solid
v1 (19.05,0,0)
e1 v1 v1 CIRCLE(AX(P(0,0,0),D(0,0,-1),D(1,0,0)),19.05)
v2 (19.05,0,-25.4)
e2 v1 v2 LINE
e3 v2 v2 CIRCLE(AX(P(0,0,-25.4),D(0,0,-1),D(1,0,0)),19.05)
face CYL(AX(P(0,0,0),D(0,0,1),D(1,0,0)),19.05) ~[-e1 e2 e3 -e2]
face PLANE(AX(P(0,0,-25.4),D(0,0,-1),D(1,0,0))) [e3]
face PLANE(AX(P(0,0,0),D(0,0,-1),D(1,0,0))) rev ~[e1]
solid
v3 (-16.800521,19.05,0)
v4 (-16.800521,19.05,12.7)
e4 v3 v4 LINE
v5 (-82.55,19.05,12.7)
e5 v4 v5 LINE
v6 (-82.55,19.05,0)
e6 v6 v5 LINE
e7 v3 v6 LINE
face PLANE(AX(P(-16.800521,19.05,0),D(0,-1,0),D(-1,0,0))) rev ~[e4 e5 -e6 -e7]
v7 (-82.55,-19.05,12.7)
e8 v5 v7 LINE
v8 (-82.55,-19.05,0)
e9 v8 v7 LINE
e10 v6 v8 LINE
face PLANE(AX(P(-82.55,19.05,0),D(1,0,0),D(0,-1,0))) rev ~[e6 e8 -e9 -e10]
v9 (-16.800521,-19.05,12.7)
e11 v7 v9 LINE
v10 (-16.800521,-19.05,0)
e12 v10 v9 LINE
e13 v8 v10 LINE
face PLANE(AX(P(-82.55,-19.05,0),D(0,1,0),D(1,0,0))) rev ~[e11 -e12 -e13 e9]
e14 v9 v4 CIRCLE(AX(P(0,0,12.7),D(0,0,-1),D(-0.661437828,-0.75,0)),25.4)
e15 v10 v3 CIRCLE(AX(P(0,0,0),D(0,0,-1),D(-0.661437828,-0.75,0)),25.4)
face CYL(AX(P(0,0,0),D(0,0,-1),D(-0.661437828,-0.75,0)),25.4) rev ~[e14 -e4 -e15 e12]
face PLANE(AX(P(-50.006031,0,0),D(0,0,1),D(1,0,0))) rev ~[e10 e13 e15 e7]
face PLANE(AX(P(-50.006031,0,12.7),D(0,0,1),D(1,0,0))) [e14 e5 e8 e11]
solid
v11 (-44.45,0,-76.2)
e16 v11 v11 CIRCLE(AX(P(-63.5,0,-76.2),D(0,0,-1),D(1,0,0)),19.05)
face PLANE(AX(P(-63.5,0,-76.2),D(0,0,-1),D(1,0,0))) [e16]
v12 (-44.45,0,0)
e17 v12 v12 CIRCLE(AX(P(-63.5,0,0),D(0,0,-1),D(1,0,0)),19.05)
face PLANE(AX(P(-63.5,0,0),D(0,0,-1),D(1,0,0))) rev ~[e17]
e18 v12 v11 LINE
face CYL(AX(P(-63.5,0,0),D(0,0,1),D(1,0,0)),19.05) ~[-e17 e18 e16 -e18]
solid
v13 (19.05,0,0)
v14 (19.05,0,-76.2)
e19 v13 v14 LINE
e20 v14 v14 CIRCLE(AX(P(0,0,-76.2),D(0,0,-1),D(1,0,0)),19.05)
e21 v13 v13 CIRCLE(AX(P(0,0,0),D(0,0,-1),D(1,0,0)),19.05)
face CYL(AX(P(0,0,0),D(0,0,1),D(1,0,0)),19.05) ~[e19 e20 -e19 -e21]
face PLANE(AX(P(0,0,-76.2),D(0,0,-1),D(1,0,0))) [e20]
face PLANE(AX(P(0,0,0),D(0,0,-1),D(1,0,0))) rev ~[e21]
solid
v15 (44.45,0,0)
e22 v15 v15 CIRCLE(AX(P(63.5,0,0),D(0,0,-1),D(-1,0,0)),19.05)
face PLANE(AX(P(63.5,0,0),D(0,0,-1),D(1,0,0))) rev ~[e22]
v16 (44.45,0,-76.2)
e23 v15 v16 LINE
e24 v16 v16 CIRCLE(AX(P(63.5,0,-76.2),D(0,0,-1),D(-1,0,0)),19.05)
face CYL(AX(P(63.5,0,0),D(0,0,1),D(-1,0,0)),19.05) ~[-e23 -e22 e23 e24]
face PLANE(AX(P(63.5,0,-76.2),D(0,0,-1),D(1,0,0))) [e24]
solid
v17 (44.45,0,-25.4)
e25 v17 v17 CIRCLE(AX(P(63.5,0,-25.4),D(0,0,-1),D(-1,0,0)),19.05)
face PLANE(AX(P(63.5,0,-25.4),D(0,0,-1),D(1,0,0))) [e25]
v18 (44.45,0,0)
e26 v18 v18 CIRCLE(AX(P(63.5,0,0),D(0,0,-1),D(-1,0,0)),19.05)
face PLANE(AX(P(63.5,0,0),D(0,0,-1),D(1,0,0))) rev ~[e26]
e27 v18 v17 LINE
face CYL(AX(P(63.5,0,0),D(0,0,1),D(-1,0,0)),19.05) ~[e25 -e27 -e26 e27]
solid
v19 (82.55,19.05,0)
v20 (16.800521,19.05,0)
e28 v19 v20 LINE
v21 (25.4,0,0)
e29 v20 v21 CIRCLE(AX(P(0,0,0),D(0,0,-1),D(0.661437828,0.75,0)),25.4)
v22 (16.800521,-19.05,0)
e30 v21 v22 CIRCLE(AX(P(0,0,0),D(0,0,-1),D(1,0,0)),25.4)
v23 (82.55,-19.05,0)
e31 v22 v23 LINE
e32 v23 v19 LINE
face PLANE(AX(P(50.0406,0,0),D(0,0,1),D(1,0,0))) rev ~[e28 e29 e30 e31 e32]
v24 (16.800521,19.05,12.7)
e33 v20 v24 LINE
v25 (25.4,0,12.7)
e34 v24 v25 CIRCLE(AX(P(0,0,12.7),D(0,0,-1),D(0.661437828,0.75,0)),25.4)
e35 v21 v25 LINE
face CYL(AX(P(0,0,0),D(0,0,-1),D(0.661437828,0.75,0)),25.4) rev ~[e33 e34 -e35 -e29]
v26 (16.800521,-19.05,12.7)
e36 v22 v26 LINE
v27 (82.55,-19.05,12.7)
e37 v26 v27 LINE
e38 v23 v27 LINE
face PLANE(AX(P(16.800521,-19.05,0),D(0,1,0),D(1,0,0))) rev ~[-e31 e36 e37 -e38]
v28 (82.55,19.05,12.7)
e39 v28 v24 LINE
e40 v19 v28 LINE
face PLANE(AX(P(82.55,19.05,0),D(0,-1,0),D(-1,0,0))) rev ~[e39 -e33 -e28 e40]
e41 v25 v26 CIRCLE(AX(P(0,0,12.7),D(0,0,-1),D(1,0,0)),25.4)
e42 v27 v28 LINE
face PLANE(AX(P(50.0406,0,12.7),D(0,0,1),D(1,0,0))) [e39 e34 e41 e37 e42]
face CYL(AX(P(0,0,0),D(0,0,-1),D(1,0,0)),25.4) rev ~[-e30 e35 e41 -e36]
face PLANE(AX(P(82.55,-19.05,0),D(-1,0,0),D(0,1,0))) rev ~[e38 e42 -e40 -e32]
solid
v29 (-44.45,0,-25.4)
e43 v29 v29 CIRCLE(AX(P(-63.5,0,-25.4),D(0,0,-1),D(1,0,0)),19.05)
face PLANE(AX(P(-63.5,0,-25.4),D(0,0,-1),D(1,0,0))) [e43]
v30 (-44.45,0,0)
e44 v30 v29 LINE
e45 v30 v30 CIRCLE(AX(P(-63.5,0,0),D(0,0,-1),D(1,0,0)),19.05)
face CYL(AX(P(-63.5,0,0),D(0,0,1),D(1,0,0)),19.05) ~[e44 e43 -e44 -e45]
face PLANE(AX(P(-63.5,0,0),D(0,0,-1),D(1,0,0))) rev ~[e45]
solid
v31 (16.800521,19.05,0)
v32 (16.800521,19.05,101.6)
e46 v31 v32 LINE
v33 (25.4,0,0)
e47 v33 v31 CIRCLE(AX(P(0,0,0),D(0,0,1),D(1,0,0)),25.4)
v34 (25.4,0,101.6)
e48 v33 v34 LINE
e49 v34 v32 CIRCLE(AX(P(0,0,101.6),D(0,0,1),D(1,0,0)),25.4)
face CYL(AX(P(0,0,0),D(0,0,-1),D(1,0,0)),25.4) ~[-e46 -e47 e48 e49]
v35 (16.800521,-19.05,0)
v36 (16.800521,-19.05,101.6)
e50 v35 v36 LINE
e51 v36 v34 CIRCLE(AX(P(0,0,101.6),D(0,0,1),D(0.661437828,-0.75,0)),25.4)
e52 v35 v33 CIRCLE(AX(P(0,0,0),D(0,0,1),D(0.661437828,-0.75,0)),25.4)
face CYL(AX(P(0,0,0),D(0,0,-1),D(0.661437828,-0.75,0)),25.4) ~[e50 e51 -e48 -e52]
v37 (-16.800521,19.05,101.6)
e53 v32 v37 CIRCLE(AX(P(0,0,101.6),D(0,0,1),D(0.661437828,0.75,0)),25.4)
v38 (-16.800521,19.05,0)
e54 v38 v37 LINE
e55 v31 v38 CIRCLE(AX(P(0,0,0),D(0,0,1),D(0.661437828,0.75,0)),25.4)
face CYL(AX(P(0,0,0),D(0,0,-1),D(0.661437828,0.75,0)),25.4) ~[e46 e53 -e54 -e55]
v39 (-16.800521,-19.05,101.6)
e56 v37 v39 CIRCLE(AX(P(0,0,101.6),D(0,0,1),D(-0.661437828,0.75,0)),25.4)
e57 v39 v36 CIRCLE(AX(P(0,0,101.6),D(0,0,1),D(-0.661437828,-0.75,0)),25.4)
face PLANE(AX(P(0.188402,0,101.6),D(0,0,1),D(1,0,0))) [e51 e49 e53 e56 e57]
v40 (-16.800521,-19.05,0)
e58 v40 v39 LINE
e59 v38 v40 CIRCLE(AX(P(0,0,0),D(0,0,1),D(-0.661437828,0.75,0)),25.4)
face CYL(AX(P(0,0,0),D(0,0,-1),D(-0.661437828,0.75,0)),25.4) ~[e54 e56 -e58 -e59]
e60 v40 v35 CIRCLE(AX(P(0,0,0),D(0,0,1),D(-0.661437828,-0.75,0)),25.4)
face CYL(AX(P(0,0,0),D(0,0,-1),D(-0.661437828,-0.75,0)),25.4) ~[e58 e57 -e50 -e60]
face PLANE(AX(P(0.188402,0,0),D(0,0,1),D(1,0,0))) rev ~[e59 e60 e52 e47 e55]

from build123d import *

# Parameters (mm, degrees)
F1_DEPTH = 12.7
F2_DEPTH = 101.6
F4_DEPTH = 25.4
F3_R     = 19.05
F5_DEPTH = 76.2


with BuildPart() as f1:
    # F0 (on Top) → F1 (new body)
    with BuildSketch(Plane.XY):
        with BuildLine():
            ThreePointArc((-16.8005208253, -19.05), (-25.4, 0), (-16.8005208253, 19.05))
            Line((-16.8005208253, 19.05), (-82.55, 19.05))
            Line((-82.55, 19.05), (-82.55, -19.05))
            Line((-82.55, -19.05), (-16.8005208253, -19.05))
        make_face()
    extrude(amount=F1_DEPTH)


with BuildPart() as f1b:
    # F0 (on Top) → F1, piece 2 (new body)
    with BuildSketch(Plane.XY):
        with BuildLine():
            ThreePointArc((16.8005208253, 19.05), (23.1505208253, 10.4505208253), (25.4, 0))
            ThreePointArc((25.4, 0), (23.1505208253, -10.4505208253), (16.8005208253, -19.05))
            Line((16.8005208253, -19.05), (82.55, -19.05))
            Line((82.55, -19.05), (82.55, 19.05))
            Line((82.55, 19.05), (16.8005208253, 19.05))
        make_face()
    extrude(amount=F1_DEPTH)


with BuildPart() as f2:
    # F0 (on Top) → F2 (new body)
    with BuildSketch(Plane.XY):
        with BuildLine():
            ThreePointArc((16.8005208253, -19.05), (23.1505208253, -10.4505208253), (25.4, 0))
            ThreePointArc((25.4, 0), (23.1505208253, 10.4505208253), (16.8005208253, 19.05))
            Line((16.8005208253, 19.05), (-16.8005208253, 19.05))
            ThreePointArc((-16.8005208253, 19.05), (-25.4, 0), (-16.8005208253, -19.05))
            Line((-16.8005208253, -19.05), (16.8005208253, -19.05))
        make_face()
        with BuildLine():
            ThreePointArc((-16.8005208253, -19.05), (0, -25.4), (16.8005208253, -19.05))
            Line((16.8005208253, -19.05), (-16.8005208253, -19.05))
        make_face()
        with BuildLine():
            Line((-16.8005208253, 19.05), (16.8005208253, 19.05))
            ThreePointArc((16.8005208253, 19.05), (0, 25.4), (-16.8005208253, 19.05))
        make_face()
    extrude(amount=F2_DEPTH)


with BuildPart() as f4:
    # F3 (on face) → F4 (new body)
    with BuildSketch(Plane(origin=(0, 0, 0), x_dir=(1, 0, 0), z_dir=(0, 0, -1))):
        with BuildLine():
            ThreePointArc((-19.05, 0), (0, -19.05), (19.05, 0))
            ThreePointArc((19.05, 0), (0, 19.05), (-19.05, 0))
        make_face()
    extrude(amount=F4_DEPTH)


with BuildPart() as f4b:
    # F3 (on face) → F4, piece 2 (new body)
    with BuildSketch(Plane(origin=(0, 0, 0), x_dir=(1, 0, 0), z_dir=(0, 0, -1))):
        with Locations((-63.5, 0)):
            Circle(F3_R)
    extrude(amount=F4_DEPTH)


with BuildPart() as f4c:
    # F3 (on face) → F4, piece 3 (new body)
    with BuildSketch(Plane(origin=(0, 0, 0), x_dir=(1, 0, 0), z_dir=(0, 0, -1))):
        with BuildLine():
            ThreePointArc((82.55, 0), (63.5, 19.05), (44.45, 0))
            ThreePointArc((44.45, 0), (63.5, -19.05), (82.55, 0))
        make_face()
    extrude(amount=F4_DEPTH)


with BuildPart() as f5:
    # F3 (on face) → F5 (new body)
    with BuildSketch(Plane(origin=(0, 0, 0), x_dir=(1, 0, 0), z_dir=(0, 0, -1))):
        with BuildLine():
            ThreePointArc((-19.05, 0), (0, -19.05), (19.05, 0))
            ThreePointArc((19.05, 0), (0, 19.05), (-19.05, 0))
        make_face()
    extrude(amount=F5_DEPTH)


with BuildPart() as f5b:
    # F3 (on face) → F5, piece 2 (new body)
    with BuildSketch(Plane(origin=(0, 0, 0), x_dir=(1, 0, 0), z_dir=(0, 0, -1))):
        with Locations((-63.5, 0)):
            Circle(F3_R)
    extrude(amount=F5_DEPTH)


with BuildPart() as f5c:
    # F3 (on face) → F5, piece 3 (new body)
    with BuildSketch(Plane(origin=(0, 0, 0), x_dir=(1, 0, 0), z_dir=(0, 0, -1))):
        with BuildLine():
            ThreePointArc((82.55, 0), (63.5, 19.05), (44.45, 0))
            ThreePointArc((44.45, 0), (63.5, -19.05), (82.55, 0))
        make_face()
    extrude(amount=F5_DEPTH)


solid = Compound([f1.part, f1b.part, f2.part, f4.part, f4b.part, f4c.part, f5.part, f5b.part, f5c.part])
